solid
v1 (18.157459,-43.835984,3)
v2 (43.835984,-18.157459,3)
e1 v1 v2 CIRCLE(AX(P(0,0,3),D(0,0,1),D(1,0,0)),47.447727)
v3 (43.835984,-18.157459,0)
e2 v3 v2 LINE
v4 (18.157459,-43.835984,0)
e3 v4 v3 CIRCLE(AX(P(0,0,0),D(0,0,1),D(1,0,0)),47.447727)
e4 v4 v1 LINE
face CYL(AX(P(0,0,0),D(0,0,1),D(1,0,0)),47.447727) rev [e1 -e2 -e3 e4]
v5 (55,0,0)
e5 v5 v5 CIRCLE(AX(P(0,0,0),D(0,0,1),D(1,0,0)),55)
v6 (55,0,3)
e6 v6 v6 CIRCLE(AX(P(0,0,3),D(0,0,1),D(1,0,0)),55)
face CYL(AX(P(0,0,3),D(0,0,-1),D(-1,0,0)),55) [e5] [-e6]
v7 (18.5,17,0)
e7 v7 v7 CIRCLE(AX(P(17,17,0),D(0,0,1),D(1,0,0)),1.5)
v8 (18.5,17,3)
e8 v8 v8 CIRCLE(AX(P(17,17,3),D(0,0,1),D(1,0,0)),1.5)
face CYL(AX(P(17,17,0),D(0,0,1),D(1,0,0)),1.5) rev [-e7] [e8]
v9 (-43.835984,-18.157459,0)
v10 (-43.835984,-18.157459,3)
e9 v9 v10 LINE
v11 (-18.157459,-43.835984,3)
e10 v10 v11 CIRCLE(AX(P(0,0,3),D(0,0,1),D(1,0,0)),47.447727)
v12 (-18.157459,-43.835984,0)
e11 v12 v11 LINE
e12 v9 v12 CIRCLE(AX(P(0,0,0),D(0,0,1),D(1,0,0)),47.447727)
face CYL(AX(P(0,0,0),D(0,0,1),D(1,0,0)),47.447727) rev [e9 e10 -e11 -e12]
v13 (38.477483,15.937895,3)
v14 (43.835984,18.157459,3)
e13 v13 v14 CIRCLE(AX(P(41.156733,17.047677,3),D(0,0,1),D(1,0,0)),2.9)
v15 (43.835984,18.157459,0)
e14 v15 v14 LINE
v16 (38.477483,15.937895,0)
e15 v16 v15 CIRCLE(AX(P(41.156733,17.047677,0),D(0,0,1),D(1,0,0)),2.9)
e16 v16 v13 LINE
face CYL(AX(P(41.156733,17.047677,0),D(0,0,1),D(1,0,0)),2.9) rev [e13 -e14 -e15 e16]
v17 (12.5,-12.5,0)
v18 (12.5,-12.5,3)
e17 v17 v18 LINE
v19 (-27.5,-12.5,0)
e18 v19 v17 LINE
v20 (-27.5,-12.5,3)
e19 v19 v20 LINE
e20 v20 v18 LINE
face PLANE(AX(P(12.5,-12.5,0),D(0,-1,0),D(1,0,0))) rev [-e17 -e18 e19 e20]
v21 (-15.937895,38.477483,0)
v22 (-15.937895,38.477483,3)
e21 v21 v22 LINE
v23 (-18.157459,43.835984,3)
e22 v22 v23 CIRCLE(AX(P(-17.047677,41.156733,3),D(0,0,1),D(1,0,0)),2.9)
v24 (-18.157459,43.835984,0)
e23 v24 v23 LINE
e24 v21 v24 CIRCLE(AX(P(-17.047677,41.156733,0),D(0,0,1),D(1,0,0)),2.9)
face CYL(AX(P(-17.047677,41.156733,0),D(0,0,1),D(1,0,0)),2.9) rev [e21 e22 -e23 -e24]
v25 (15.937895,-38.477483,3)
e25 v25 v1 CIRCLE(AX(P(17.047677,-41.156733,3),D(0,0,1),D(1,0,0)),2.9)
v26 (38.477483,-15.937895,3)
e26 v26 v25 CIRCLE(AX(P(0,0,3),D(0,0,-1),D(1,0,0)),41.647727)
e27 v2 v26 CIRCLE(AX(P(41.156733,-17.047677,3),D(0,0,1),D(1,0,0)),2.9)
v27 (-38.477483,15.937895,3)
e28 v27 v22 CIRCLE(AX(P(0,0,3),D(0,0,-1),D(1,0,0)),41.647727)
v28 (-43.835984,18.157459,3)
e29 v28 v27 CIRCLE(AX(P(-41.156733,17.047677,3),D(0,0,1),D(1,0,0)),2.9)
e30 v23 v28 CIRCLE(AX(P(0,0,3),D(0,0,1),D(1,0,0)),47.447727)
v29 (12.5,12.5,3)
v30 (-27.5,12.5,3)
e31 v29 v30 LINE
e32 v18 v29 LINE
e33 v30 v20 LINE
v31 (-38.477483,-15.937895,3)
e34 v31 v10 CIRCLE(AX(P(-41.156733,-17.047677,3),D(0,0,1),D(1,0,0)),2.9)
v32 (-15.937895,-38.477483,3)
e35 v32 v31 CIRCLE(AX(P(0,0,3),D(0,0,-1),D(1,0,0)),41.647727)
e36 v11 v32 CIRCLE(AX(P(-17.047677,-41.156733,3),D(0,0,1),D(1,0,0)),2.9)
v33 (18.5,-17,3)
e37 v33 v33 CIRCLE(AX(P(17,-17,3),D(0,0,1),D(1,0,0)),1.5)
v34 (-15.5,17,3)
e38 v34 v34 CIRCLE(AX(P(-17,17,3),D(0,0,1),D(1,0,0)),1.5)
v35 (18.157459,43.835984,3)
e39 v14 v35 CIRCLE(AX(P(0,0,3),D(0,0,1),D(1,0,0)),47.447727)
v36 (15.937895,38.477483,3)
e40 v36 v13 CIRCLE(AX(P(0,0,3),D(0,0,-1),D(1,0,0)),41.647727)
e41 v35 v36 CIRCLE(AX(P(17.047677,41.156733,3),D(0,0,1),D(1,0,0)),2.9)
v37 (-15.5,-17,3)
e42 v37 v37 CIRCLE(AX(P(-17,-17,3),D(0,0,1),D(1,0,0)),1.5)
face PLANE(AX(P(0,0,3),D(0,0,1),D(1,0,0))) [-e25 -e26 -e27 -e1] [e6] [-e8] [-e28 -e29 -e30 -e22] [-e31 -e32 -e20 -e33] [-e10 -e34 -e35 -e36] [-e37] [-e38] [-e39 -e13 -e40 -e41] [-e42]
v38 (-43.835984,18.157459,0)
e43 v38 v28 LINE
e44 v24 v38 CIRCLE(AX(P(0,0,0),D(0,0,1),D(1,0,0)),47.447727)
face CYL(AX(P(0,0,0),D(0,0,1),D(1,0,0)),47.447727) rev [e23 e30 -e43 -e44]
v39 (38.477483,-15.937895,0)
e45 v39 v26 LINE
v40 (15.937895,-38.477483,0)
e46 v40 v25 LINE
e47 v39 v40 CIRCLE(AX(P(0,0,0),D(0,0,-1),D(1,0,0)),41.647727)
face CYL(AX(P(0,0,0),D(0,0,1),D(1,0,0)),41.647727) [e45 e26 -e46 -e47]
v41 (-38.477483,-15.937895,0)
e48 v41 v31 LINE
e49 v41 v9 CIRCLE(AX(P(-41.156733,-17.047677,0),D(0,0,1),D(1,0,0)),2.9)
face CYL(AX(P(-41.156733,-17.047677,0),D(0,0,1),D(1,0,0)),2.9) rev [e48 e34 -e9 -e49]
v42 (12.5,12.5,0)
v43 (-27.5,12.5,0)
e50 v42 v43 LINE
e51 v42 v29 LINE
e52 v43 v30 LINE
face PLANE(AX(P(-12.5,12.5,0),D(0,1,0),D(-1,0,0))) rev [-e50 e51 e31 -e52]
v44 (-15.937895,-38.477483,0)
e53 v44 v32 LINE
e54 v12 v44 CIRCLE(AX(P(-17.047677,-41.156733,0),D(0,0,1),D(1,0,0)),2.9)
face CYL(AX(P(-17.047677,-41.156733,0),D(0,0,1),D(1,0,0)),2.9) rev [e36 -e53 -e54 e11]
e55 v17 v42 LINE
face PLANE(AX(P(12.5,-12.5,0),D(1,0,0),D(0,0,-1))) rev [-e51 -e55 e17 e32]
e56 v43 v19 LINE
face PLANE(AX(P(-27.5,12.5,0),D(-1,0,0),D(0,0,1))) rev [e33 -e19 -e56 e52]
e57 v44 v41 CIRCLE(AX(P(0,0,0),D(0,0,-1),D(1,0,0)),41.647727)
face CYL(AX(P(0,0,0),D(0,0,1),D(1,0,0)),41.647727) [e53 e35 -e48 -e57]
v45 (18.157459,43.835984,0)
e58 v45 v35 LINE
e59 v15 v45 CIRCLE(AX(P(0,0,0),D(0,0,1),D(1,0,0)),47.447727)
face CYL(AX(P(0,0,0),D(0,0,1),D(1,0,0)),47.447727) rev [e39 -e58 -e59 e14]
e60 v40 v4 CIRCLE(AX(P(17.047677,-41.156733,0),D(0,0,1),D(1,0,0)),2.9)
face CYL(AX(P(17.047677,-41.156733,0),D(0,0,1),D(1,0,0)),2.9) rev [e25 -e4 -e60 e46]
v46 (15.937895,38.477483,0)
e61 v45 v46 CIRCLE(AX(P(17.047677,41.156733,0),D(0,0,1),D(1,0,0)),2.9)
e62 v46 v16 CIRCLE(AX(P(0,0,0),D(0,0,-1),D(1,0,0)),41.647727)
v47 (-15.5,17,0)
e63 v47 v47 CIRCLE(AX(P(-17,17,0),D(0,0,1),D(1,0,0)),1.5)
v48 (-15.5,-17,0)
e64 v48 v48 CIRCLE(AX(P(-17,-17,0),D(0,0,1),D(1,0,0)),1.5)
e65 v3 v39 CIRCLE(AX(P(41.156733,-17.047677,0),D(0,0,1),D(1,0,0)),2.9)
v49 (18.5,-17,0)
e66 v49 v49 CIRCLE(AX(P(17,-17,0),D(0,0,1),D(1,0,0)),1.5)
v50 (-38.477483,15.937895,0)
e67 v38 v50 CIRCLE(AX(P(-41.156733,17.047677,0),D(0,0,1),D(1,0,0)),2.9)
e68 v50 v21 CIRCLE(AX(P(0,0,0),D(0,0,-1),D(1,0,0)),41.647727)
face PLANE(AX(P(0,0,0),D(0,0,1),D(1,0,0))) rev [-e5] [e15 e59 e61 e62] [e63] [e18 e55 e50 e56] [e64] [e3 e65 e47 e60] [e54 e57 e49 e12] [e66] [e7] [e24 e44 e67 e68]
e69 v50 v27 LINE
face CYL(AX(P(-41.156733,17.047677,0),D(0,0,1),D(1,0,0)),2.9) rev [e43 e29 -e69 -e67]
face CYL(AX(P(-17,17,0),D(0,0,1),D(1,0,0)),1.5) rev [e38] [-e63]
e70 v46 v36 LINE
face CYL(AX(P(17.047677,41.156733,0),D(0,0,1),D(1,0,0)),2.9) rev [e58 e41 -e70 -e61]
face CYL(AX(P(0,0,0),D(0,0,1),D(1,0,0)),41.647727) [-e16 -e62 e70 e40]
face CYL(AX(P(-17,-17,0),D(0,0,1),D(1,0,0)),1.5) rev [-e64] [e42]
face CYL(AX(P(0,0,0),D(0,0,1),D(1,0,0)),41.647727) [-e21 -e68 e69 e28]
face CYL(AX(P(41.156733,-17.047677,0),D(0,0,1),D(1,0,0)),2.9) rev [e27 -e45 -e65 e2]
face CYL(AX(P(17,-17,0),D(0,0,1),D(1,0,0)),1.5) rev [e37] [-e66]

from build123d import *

# Parameters (mm, degrees)
SKETCH1_R           = 55
BOSS_EXTRUDE1_DEPTH = 3
CUT_EXTRUDE1_DEPTH  = 78.839578622
SKETCH4_R           = 1.5
CUT_EXTRUDE2_DEPTH  = 78.839578622


with BuildPart() as part:
    # Sketch1 → Boss-Extrude1 (new body)
    with BuildSketch(Plane.XY):
        Circle(SKETCH1_R)
    extrude(amount=BOSS_EXTRUDE1_DEPTH)

    # Sketch3 → Cut-Extrude1 (cut, through all)
    with BuildSketch(Plane.XY.offset(3)):
        with BuildLine():
            ThreePointArc((-15.937895201, 38.477482749), (-14.36842651, 42.266515347), (-18.157459108, 43.835984038))
            ThreePointArc((-18.157459108, 43.835984038), (-33.550609665, 33.550609665), (-43.835984038, 18.157459108))
            ThreePointArc((-43.835984038, 18.157459108), (-42.266515347, 14.36842651), (-38.477482749, 15.937895201))
            ThreePointArc((-38.477482749, 15.937895201), (-29.449390335, 29.449390335), (-15.937895201, 38.477482749))
        make_face()
        with BuildLine():
            ThreePointArc((18.157459108, 43.835984038), (14.36842651, 42.266515347), (15.937895201, 38.477482749))
            ThreePointArc((15.937895201, 38.477482749), (29.449390335, 29.449390335), (38.477482749, 15.937895201))
            ThreePointArc((38.477482749, 15.937895201), (42.266515347, 14.36842651), (43.835984038, 18.157459108))
            ThreePointArc((43.835984038, 18.157459108), (33.550609665, 33.550609665), (18.157459108, 43.835984038))
        make_face()
        with BuildLine():
            ThreePointArc((43.835984038, -18.157459108), (42.266515347, -14.36842651), (38.477482749, -15.937895201))
            ThreePointArc((38.477482749, -15.937895201), (29.449390335, -29.449390335), (15.937895201, -38.477482749))
            ThreePointArc((15.937895201, -38.477482749), (14.36842651, -42.266515347), (18.157459108, -43.835984038))
            ThreePointArc((18.157459108, -43.835984038), (33.550609665, -33.550609665), (43.835984038, -18.157459108))
        make_face()
        with BuildLine():
            ThreePointArc((-18.157459108, -43.835984038), (-14.36842651, -42.266515347), (-15.937895201, -38.477482749))
            ThreePointArc((-15.937895201, -38.477482749), (-29.449390335, -29.449390335), (-38.477482749, -15.937895201))
            ThreePointArc((-38.477482749, -15.937895201), (-42.266515347, -14.36842651), (-43.835984038, -18.157459108))
            ThreePointArc((-43.835984038, -18.157459108), (-33.550609665, -33.550609665), (-18.157459108, -43.835984038))
        make_face()
    extrude(amount=-CUT_EXTRUDE1_DEPTH, mode=Mode.SUBTRACT)

    # Sketch4 → Cut-Extrude2 (cut, through all)
    with BuildSketch(Plane.XY.offset(3)):
        with Locations((-17, 17)):
            Circle(SKETCH4_R)
        with Locations((17, 17)):
            Circle(SKETCH4_R)
        with Locations((17, -17)):
            Circle(SKETCH4_R)
        with Locations((-17, -17)):
            Circle(SKETCH4_R)
        Polygon((-12.5, 12.5), (-27.5, 12.5), (-27.5, -12.5), (-12.5, -12.5), (12.5, -12.5), (12.5, 12.5), align=None)
    extrude(amount=-CUT_EXTRUDE2_DEPTH, mode=Mode.SUBTRACT)


solid = part.part
